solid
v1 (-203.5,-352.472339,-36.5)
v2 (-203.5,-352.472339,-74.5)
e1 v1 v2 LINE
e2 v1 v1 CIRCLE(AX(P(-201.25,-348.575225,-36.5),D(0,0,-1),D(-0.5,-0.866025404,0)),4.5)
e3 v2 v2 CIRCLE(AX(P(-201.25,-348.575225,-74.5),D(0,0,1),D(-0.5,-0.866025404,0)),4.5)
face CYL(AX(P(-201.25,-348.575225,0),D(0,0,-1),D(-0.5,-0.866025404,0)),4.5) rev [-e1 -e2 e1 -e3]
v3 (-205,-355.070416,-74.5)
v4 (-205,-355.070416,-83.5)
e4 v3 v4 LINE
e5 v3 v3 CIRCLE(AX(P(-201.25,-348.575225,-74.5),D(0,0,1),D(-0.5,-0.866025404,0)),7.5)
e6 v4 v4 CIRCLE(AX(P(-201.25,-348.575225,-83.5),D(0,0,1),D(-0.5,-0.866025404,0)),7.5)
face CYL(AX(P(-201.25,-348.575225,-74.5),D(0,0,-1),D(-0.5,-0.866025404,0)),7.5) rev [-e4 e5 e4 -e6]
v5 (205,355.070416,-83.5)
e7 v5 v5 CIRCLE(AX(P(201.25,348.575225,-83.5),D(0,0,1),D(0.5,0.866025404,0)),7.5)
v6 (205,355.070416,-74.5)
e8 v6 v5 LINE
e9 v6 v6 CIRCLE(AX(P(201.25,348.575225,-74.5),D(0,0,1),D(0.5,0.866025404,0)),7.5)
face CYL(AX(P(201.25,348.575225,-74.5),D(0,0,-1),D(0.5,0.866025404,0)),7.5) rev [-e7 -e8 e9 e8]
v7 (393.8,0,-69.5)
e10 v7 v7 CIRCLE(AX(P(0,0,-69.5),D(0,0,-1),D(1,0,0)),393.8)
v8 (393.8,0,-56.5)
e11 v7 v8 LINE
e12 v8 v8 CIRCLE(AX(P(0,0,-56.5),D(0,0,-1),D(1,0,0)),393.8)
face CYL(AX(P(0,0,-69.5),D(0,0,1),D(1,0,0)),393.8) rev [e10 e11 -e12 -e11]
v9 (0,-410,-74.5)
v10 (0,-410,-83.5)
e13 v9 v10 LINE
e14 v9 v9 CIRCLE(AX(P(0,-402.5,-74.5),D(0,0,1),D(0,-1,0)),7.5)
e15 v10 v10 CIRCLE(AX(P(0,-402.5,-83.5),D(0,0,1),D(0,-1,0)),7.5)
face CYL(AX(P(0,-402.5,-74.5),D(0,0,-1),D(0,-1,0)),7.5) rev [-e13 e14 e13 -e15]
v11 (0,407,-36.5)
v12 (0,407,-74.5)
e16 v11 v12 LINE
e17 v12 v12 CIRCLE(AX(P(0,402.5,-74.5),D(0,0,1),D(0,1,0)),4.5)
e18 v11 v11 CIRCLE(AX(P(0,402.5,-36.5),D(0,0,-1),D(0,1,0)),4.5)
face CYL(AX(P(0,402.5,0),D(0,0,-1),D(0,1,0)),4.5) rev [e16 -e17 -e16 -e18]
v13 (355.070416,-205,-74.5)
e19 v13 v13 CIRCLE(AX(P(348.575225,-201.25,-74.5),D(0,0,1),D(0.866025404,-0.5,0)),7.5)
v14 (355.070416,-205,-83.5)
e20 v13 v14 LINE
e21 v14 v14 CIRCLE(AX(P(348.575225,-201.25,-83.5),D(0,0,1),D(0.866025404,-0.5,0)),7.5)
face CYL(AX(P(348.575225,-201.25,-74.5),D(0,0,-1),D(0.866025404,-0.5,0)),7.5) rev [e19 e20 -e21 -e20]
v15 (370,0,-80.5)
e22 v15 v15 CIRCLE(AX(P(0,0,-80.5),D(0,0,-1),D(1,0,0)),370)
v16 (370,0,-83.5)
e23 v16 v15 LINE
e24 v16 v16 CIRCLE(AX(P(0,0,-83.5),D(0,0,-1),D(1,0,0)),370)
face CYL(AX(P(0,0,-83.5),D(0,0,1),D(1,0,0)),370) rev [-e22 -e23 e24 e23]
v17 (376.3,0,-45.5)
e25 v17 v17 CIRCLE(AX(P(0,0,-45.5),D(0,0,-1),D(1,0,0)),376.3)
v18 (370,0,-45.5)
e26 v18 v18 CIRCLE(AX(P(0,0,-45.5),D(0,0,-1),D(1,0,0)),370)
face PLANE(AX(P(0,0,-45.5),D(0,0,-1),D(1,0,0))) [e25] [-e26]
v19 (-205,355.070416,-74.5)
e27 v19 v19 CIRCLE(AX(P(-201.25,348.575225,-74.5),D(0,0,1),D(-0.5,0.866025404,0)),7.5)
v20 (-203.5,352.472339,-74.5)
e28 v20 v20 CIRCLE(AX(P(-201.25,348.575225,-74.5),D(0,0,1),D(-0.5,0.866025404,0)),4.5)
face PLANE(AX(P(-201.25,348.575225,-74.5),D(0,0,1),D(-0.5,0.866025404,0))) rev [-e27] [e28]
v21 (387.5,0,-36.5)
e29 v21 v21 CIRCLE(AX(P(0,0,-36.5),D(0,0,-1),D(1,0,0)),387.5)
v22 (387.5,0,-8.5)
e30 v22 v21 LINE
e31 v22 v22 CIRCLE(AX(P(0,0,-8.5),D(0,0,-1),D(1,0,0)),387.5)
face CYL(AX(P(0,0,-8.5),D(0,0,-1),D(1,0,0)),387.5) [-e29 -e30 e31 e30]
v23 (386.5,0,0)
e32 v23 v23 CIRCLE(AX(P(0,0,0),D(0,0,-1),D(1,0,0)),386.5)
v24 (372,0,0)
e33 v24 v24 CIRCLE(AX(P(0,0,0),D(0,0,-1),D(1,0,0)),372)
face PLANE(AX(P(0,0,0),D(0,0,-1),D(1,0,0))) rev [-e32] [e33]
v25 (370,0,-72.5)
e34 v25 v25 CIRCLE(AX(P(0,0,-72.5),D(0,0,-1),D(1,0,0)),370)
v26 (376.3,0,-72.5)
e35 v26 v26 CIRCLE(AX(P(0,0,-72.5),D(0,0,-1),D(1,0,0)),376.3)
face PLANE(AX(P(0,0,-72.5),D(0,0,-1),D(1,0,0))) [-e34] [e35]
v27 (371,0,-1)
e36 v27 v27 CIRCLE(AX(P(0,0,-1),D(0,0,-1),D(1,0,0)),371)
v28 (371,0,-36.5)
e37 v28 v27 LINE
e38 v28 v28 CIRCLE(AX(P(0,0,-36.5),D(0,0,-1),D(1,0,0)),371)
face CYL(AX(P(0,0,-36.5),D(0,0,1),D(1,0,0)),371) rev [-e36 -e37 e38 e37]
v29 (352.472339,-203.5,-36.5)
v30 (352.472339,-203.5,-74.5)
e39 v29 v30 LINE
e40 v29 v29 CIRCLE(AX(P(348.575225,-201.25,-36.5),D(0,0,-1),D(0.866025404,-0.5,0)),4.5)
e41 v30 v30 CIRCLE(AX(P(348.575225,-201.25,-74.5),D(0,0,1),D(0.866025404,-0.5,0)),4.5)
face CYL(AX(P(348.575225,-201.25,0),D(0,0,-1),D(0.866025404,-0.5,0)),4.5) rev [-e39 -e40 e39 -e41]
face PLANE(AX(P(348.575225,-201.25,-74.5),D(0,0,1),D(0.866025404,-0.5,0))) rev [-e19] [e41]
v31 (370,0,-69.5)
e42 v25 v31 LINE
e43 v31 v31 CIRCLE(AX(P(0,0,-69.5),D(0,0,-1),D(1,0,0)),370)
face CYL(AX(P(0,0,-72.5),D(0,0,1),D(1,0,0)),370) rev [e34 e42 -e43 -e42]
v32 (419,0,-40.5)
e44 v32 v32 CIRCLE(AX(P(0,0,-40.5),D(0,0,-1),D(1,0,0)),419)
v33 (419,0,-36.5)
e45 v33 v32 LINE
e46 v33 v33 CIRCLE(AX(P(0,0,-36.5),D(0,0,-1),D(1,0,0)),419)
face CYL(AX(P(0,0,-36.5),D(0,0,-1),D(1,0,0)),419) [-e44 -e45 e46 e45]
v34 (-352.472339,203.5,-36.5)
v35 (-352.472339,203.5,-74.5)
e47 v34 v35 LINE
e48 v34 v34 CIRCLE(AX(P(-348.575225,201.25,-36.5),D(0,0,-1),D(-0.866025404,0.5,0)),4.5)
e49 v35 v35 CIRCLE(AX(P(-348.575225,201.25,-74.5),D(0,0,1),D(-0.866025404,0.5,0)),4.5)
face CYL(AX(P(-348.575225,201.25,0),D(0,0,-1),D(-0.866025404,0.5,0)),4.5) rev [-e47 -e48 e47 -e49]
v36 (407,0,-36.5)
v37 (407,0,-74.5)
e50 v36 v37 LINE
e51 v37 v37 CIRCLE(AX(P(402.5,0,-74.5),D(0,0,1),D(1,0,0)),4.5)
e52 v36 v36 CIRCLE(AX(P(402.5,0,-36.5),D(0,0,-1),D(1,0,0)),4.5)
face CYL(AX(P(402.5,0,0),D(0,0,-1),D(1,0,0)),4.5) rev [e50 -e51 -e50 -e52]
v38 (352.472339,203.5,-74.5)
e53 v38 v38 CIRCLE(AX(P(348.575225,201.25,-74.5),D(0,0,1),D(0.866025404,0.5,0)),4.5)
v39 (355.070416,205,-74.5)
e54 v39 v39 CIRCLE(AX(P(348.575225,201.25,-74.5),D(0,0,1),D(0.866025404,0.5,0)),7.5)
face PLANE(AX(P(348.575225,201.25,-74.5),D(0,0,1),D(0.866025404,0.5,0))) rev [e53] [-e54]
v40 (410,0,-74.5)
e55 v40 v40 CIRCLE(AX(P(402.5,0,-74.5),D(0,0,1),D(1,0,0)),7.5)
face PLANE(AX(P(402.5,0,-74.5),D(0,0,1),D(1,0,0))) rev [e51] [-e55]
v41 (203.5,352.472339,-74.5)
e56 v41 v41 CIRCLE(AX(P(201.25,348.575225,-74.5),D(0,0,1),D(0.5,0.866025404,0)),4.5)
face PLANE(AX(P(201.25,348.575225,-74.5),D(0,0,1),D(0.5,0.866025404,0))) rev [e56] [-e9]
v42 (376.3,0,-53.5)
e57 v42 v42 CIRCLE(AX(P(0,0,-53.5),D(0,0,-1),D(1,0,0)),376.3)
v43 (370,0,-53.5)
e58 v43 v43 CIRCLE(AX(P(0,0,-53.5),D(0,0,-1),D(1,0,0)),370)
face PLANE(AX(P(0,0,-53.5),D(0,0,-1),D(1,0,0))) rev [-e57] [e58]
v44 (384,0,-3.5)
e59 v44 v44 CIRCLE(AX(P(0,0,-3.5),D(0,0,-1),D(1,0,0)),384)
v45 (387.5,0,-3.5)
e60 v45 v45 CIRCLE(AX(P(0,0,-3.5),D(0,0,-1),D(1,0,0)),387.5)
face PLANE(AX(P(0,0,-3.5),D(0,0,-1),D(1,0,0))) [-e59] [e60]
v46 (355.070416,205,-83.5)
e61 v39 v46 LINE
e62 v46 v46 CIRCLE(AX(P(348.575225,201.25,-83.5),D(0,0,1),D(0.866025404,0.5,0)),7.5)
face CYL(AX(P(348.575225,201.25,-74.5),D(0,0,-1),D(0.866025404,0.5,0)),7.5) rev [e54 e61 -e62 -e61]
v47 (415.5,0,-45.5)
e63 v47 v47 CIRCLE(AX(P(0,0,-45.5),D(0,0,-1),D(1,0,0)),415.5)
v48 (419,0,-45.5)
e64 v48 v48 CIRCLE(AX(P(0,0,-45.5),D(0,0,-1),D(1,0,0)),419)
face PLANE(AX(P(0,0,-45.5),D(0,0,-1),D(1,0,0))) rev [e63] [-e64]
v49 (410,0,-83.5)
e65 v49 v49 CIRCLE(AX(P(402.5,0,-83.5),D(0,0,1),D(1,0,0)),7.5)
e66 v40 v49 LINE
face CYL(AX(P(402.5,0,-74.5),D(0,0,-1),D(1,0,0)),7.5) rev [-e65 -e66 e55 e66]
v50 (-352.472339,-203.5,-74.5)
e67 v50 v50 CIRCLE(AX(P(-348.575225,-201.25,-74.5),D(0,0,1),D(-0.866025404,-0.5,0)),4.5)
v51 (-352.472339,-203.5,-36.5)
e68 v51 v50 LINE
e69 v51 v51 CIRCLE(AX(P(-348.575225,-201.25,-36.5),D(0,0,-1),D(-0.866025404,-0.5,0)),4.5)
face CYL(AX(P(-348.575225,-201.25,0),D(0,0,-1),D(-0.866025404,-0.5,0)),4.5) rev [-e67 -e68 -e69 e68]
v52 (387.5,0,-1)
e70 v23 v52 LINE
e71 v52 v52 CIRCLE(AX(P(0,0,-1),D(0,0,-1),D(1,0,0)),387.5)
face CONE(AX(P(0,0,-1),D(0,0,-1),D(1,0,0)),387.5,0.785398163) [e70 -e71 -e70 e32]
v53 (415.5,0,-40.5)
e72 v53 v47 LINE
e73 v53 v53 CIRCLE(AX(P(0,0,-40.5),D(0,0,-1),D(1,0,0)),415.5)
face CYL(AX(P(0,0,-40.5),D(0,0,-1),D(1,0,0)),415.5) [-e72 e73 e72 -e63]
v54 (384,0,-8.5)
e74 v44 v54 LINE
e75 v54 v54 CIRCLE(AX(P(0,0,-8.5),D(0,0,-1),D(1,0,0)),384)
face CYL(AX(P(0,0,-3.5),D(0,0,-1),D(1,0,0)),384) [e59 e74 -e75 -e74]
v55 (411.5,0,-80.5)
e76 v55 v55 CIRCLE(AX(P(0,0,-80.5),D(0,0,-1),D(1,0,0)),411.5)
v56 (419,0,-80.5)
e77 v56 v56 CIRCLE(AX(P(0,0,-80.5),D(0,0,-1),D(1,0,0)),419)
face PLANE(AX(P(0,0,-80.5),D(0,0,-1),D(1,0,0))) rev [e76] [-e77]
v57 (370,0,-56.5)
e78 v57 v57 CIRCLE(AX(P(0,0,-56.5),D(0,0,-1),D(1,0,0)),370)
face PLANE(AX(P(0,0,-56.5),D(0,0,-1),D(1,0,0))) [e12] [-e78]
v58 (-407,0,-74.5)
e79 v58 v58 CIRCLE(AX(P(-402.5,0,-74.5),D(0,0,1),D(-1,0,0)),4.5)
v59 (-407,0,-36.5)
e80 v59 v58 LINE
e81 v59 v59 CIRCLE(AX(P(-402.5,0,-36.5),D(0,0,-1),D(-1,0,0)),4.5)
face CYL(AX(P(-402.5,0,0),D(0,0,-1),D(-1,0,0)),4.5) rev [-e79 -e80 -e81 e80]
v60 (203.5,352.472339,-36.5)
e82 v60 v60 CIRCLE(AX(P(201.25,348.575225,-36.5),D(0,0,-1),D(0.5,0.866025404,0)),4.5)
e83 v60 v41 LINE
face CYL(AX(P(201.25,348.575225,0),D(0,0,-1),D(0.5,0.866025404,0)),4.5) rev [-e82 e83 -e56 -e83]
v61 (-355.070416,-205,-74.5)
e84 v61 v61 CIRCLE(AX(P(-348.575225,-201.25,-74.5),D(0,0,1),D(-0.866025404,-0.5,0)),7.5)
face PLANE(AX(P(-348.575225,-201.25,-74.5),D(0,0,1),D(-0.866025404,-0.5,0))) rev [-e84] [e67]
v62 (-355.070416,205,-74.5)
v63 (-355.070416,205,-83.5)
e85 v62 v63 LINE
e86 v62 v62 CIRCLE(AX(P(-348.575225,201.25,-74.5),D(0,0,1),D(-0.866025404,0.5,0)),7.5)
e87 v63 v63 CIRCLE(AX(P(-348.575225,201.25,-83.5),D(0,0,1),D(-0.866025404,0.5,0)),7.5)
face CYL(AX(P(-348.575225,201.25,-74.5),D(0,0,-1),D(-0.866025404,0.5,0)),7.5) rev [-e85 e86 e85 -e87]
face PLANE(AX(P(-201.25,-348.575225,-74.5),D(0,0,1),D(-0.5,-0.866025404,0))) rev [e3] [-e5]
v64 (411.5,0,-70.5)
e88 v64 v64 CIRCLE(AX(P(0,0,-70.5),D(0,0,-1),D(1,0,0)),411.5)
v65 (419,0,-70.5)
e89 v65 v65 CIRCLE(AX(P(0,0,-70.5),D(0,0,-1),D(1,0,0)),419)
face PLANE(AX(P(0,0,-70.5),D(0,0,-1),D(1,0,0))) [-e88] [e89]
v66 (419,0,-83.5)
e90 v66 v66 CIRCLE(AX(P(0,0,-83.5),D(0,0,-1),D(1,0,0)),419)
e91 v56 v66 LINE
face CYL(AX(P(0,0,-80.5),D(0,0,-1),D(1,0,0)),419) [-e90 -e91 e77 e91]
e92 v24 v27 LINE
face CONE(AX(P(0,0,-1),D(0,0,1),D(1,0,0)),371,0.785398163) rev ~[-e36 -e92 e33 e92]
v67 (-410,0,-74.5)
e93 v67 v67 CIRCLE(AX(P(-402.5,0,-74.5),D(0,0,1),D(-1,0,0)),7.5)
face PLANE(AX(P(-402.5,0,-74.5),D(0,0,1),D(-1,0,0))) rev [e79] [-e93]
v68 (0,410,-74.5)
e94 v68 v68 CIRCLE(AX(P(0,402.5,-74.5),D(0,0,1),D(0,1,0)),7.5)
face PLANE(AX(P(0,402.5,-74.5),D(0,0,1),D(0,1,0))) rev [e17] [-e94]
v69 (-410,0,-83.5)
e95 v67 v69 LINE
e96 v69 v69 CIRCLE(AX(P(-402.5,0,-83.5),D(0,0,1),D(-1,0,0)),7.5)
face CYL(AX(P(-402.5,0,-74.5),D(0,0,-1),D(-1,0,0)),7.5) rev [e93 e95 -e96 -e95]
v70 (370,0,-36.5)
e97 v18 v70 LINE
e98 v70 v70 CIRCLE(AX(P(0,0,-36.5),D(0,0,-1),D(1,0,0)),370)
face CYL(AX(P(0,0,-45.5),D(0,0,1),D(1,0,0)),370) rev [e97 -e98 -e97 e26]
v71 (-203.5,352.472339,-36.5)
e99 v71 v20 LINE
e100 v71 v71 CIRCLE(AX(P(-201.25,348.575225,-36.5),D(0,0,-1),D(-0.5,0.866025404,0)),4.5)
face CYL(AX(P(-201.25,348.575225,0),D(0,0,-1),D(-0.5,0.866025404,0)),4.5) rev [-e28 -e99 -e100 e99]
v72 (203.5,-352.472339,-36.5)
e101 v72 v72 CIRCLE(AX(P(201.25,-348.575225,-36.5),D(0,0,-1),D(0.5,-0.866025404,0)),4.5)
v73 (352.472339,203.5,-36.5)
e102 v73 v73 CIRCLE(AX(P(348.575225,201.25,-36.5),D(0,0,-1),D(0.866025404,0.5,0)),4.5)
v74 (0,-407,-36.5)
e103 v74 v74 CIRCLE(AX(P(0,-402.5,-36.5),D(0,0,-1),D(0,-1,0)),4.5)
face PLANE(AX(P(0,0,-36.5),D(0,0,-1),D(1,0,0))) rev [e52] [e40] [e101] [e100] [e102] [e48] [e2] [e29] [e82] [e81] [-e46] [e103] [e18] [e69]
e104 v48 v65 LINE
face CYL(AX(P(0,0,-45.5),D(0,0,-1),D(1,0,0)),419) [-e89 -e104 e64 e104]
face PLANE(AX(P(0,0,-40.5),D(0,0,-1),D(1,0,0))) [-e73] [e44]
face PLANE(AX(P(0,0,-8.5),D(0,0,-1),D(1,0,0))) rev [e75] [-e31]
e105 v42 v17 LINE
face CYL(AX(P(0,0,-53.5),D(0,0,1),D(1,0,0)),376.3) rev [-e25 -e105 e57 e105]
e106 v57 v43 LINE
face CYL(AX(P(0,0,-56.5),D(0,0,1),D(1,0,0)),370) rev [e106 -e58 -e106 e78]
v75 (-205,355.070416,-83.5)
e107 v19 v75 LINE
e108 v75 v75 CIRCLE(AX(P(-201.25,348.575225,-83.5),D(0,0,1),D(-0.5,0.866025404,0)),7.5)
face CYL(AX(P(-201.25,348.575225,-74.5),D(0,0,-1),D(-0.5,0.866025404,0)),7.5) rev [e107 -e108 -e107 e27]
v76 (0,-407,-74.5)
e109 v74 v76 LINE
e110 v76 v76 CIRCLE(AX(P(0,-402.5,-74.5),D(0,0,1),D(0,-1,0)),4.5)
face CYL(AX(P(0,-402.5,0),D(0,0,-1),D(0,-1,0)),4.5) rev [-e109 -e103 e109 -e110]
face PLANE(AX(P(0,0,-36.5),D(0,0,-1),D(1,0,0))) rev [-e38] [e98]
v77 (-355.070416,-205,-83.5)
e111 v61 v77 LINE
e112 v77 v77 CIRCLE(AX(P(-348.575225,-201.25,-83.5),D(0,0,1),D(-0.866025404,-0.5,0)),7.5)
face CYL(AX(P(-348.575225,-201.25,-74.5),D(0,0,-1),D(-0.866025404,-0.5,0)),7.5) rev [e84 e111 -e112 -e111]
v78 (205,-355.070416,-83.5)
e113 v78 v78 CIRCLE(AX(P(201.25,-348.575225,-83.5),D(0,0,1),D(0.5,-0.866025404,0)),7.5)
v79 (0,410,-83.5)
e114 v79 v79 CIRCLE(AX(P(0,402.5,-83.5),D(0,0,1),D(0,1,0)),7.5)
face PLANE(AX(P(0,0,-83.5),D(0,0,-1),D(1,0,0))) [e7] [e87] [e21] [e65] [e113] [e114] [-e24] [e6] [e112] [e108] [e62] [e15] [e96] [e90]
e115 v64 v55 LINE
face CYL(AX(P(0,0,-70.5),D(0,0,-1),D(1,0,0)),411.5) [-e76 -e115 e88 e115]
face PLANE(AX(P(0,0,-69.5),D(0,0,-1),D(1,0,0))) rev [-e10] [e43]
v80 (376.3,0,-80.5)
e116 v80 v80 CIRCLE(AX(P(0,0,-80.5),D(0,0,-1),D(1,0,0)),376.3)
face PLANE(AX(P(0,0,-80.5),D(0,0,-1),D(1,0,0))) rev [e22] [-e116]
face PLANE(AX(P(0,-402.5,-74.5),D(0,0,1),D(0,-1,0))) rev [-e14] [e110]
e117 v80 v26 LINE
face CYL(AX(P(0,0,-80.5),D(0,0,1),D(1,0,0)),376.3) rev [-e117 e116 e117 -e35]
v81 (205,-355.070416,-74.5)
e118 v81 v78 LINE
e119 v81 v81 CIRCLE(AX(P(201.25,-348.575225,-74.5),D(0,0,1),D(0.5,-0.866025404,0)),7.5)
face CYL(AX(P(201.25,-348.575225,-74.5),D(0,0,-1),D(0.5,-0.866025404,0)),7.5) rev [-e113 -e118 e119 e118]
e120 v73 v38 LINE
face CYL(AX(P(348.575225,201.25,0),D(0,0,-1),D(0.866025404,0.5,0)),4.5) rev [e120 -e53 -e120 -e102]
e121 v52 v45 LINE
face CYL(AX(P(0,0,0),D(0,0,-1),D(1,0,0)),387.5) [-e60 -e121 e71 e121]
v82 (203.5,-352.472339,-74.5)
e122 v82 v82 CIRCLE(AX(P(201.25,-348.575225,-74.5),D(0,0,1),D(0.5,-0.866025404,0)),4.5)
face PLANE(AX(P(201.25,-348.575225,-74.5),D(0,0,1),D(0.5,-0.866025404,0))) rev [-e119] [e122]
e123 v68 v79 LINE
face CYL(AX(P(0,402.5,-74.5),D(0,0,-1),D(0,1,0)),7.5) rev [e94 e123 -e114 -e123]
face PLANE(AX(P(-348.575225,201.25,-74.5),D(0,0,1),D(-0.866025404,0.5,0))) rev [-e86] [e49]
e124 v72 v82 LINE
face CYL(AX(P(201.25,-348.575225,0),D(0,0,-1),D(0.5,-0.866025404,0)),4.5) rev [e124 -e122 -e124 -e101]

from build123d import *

# Parameters (mm, degrees)
FASE1_SIZE         = 1
KREISMUSTER1_COUNT = 12


with BuildPart() as part:
    # Skizze1 → Rotation1 (revolve)
    with BuildSketch(Plane(origin=(0, 0, 0), x_dir=(0, 0, -1), z_dir=(1, 0, 0)), mode=Mode.PRIVATE) as rotation1_sk:
        Polygon((0, 371), (0, 387.5), (3.5, 387.5), (3.5, 384), (8.5, 384), (8.5, 387.5), (36.5, 387.5), (36.5, 419), (40.5, 419), (40.5, 415.5), (45.5, 415.5), (45.5, 419), (70.5, 419), (70.5, 411.5), (80.5, 411.5), (80.5, 419), (83.5, 419), (83.5, 370), (80.5, 370), (80.5, 376.3), (72.5, 376.3), (72.5, 370), (69.5, 370), (69.5, 393.8), (56.5, 393.8), (56.5, 370), (53.5, 370), (53.5, 376.3), (45.5, 376.3), (45.5, 370), (36.5, 370), (36.5, 371), align=None)
    revolve(rotation1_sk.sketch.rotate(Axis((0, 0, 0), (0, 0, -1)), 90), axis=Axis((0, 0, 0), (0, 0, -1)))  # turned: the seam where the file's is

    # Fase1
    fase1_edges = [part.edges().sort_by_distance(p)[0] for p in [
        (-371, 0, 0),
        (-387.5, 0, 0),
    ]]
    chamfer(fase1_edges, length=FASE1_SIZE)

    # Skizze3 → Bohrung1 (revolve, cut)
    with BuildSketch(Plane(origin=(0, 402.5, -83.5), x_dir=(0, 1, 0), z_dir=(1, 0, 0))):
        Polygon((0, 0), (0, 86.203872786), (4.5, 83.5), (4.5, 9), (7.5, 9), (7.5, 0), align=None)
    bohrung1 = revolve(axis=Axis((0, 402.5, -94.810875039), (0, 0, 1)), mode=Mode.SUBTRACT)

    # Kreismuster1: Bohrung1 ×12 about axis
    kreismuster1_axis = Axis((0, 0, 0), (0, 0, 1))
    for i in range(1, KREISMUSTER1_COUNT):
        add(bohrung1.rotate(kreismuster1_axis, i * 360 / KREISMUSTER1_COUNT), mode=Mode.SUBTRACT)


solid = part.part
